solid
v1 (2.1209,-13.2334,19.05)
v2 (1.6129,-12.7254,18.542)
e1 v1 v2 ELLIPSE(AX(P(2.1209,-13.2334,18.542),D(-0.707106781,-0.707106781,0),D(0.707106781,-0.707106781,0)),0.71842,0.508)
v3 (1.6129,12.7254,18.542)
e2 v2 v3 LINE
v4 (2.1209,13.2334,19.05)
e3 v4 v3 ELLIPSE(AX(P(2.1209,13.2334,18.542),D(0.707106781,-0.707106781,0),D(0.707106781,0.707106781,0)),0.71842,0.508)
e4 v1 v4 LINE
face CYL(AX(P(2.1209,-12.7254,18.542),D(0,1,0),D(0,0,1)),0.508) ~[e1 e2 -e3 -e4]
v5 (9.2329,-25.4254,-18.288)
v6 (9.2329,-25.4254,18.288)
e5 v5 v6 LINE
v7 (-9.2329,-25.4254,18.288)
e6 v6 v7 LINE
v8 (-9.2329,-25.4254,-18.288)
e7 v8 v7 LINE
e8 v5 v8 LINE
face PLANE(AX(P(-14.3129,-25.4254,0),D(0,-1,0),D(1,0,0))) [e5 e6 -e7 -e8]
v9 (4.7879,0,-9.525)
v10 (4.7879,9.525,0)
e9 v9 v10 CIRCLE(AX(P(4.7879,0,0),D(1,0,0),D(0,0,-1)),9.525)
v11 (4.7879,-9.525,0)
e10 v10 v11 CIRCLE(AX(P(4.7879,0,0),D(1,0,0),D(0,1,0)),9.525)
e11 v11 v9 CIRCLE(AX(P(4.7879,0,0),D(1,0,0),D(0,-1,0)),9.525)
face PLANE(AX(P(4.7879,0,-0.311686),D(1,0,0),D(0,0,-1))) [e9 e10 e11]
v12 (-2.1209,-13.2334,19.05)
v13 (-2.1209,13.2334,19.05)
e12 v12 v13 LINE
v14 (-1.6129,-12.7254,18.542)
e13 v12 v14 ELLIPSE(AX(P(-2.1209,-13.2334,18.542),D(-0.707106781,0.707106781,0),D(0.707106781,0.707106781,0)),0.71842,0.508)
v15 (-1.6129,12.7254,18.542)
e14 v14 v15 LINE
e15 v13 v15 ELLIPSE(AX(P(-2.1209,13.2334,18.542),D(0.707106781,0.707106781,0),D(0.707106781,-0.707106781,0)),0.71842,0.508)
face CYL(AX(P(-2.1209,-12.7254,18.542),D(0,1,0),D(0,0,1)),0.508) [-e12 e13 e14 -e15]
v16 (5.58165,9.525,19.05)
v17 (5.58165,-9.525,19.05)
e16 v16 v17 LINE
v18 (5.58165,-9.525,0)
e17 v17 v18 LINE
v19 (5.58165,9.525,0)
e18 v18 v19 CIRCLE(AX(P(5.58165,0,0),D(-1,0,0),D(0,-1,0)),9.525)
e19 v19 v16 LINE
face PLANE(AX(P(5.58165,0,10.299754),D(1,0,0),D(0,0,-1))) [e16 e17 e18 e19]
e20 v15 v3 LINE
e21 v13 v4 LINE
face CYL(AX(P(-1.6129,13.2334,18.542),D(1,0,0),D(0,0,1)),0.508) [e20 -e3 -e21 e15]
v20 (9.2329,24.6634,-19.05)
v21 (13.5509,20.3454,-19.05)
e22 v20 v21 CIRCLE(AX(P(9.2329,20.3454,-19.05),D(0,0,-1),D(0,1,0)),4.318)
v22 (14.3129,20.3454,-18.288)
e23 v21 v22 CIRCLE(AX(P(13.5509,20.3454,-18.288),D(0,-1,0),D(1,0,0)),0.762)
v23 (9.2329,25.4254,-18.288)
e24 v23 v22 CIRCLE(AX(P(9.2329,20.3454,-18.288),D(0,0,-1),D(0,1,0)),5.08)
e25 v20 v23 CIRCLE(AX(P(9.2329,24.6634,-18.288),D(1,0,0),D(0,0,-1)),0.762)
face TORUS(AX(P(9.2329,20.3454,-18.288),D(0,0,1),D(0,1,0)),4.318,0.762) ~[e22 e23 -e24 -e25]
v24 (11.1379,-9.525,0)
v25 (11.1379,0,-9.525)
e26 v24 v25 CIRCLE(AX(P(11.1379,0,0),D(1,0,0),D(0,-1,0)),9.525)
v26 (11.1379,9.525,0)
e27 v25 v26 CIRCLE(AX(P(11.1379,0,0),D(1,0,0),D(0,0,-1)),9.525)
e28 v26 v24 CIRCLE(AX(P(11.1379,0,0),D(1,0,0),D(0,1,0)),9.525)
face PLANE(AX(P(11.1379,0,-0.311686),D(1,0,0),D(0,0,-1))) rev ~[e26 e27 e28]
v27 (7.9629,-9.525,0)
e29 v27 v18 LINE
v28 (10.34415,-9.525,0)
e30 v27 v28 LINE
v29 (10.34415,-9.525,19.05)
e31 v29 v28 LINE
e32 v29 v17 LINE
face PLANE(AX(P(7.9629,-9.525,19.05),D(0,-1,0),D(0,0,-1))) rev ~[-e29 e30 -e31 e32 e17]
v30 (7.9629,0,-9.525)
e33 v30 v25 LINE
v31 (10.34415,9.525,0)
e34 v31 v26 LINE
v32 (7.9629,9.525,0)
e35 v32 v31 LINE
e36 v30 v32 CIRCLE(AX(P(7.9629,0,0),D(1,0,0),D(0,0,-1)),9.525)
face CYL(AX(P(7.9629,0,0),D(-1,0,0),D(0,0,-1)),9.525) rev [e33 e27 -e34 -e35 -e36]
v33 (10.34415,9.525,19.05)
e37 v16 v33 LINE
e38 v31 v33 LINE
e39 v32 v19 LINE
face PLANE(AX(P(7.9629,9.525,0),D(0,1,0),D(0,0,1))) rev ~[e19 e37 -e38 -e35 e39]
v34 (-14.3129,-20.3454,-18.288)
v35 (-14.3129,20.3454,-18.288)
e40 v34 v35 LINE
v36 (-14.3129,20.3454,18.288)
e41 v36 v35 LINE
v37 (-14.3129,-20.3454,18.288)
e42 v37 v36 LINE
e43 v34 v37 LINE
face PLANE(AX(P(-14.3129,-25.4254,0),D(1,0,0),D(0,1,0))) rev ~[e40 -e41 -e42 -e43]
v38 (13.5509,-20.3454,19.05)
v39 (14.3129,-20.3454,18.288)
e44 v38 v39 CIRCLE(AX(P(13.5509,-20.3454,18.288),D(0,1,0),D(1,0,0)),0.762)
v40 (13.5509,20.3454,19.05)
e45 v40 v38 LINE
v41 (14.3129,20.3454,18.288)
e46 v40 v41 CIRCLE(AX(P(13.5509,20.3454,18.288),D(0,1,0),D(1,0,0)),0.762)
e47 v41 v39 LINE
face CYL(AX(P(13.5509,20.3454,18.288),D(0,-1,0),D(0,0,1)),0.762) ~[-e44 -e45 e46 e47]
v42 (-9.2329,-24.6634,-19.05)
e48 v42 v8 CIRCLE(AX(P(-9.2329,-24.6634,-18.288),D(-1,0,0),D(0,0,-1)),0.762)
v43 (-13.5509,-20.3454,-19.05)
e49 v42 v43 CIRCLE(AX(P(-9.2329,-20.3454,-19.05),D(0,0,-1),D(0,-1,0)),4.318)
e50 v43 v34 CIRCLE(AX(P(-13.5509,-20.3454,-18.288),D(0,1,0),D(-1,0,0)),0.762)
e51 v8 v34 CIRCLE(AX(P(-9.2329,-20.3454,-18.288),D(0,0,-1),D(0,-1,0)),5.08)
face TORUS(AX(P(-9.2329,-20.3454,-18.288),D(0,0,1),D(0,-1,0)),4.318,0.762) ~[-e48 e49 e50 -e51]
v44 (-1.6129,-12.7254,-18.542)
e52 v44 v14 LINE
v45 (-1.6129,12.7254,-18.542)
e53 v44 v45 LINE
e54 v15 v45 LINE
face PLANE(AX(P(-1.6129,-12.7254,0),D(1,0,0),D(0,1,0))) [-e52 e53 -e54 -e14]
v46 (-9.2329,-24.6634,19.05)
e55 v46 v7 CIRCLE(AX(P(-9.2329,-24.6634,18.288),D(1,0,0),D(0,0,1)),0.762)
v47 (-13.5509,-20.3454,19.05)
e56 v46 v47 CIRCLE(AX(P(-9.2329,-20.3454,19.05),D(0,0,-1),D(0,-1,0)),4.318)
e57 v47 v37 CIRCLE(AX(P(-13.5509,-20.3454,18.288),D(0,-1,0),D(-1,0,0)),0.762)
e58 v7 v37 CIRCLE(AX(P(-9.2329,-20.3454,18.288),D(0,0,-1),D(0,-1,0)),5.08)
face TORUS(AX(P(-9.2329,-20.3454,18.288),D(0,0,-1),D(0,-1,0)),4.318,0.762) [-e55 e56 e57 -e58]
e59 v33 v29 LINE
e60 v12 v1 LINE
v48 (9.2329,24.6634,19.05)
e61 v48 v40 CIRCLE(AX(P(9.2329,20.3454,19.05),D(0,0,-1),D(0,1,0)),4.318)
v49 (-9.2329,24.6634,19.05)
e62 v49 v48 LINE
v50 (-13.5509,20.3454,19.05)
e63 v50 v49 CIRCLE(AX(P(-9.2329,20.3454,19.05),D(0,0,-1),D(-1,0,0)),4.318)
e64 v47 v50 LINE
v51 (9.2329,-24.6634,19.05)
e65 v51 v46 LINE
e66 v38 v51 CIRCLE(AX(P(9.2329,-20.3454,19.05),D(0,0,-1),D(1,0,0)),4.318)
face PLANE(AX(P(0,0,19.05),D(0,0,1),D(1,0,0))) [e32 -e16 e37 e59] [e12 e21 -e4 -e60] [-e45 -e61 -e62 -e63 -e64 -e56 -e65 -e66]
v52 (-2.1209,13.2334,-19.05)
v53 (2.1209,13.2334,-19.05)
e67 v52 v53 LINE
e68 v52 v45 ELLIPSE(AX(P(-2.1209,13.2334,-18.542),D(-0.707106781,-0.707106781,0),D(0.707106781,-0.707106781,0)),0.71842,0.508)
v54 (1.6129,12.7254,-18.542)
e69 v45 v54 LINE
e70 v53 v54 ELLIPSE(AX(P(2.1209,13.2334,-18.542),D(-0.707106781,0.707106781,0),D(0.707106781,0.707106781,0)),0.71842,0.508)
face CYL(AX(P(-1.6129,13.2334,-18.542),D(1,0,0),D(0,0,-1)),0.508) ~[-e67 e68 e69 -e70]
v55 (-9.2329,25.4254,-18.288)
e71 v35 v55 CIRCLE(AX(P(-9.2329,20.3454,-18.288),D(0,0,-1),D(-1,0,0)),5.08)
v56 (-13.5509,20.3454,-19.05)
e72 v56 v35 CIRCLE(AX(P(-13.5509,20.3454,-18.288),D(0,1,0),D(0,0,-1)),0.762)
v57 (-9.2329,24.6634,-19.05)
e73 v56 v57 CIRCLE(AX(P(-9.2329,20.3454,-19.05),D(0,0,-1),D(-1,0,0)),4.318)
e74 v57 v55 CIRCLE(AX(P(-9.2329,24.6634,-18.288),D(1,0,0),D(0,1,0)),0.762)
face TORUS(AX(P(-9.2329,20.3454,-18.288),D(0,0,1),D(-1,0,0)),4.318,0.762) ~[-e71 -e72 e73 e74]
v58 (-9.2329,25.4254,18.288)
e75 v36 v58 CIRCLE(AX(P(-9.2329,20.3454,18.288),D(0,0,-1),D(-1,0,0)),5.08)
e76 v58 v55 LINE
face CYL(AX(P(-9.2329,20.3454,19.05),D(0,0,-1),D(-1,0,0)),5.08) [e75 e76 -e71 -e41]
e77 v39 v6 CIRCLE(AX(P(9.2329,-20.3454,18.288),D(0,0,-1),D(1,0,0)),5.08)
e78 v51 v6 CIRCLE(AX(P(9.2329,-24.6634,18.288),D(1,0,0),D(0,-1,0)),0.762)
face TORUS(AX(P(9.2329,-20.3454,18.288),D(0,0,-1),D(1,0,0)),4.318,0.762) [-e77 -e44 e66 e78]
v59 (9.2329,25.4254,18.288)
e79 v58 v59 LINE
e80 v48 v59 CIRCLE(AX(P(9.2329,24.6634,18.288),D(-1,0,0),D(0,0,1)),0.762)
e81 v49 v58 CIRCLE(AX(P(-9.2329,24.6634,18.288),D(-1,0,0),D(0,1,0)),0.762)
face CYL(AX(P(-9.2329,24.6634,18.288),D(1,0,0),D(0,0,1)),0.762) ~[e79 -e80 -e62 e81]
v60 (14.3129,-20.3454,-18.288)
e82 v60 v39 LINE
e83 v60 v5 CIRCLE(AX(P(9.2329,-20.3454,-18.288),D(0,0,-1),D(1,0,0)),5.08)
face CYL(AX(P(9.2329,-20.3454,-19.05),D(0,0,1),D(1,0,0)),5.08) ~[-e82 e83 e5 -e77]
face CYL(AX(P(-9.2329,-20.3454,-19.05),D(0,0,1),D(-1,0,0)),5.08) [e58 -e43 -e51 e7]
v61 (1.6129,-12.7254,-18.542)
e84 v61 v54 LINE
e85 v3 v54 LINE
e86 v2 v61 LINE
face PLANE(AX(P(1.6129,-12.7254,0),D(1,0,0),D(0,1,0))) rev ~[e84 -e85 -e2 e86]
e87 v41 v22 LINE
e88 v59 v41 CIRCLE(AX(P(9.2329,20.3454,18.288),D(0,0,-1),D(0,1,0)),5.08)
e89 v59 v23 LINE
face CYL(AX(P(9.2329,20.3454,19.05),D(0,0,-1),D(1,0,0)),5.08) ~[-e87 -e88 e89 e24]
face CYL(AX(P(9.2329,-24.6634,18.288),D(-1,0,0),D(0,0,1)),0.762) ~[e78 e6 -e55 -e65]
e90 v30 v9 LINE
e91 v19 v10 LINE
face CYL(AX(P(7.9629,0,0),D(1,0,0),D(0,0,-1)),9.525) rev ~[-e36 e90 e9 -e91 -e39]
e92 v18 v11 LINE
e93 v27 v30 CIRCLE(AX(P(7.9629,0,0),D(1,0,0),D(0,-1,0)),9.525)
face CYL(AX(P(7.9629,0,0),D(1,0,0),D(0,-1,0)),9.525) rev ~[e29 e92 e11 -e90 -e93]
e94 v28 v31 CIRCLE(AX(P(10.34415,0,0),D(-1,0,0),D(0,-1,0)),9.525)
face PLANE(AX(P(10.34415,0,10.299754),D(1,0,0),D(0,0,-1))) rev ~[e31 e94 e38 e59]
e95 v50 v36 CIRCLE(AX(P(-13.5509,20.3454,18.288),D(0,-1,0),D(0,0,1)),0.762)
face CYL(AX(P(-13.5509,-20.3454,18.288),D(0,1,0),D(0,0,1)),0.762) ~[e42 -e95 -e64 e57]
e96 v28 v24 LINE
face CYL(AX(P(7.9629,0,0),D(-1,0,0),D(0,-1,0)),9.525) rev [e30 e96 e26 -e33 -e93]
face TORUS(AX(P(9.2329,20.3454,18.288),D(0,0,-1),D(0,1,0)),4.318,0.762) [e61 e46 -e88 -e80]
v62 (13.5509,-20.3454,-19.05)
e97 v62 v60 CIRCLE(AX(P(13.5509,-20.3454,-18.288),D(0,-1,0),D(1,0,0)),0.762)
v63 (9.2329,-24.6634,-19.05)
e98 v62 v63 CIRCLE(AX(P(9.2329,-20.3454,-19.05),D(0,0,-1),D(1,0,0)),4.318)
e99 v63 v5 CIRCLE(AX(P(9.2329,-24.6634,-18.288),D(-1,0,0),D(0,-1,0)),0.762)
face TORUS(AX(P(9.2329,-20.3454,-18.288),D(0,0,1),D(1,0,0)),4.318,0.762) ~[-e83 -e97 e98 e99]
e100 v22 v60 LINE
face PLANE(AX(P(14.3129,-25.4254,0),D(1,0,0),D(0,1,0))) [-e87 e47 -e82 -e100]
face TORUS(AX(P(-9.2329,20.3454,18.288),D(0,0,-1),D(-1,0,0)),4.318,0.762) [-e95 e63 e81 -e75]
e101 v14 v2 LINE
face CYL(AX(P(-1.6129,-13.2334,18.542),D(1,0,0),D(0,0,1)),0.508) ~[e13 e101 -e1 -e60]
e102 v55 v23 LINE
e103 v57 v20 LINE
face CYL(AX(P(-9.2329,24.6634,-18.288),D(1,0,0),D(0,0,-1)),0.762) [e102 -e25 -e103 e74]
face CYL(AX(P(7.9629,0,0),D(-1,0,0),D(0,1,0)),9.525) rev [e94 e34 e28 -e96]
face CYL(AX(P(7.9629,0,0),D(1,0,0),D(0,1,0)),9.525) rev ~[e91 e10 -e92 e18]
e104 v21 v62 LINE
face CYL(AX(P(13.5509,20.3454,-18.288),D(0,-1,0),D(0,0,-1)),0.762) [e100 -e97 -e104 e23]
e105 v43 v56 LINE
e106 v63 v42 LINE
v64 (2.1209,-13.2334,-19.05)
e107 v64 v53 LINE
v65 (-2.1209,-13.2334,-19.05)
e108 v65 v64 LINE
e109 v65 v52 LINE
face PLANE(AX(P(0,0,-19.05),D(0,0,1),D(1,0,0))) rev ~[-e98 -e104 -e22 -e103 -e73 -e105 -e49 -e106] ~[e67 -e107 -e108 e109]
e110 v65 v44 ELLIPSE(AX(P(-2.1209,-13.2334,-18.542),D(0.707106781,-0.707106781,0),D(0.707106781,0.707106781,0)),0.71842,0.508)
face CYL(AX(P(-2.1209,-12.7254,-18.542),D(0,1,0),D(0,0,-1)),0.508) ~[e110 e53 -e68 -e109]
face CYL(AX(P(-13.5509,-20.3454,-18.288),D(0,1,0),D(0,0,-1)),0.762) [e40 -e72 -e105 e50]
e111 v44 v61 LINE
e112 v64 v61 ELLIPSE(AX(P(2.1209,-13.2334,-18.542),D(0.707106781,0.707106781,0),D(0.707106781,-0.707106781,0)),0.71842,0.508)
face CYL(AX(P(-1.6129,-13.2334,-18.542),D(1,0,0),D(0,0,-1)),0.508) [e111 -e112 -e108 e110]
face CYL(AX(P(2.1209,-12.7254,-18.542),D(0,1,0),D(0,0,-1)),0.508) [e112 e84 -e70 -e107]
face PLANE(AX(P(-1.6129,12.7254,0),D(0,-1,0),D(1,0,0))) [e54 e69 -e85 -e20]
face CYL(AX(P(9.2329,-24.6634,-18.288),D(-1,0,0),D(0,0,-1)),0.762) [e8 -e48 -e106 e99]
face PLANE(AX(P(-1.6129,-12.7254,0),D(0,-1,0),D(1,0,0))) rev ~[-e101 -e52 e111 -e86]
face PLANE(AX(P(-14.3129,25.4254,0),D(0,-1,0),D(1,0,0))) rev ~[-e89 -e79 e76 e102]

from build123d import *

# Parameters (mm, degrees)
SKETCH1_W           = 28.6258
SKETCH1_H           = 50.8508
SKETCH1_W_2         = 3.2258
SKETCH1_H_2         = 25.4508
BOSS_EXTRUDE1_DEPTH = 19.05
FILLET1_R           = 5.08
FILLET3_R           = 0.762
FILLET4_R           = 0.508
CUT_EXTRUDE1_DEPTH  = 3.175
CUT_EXTRUDE2_DEPTH  = 2.38125


with BuildPart() as part:
    # Sketch1 → Boss-Extrude1 (new, symmetric)
    with BuildSketch(Plane.XY):
        Rectangle(SKETCH1_W, SKETCH1_H)
        Rectangle(SKETCH1_W_2, SKETCH1_H_2, mode=Mode.SUBTRACT)
    extrude(amount=BOSS_EXTRUDE1_DEPTH, both=True)

    # Fillet1
    fillet1_edges = [part.edges().sort_by_distance(p)[0] for p in [
        (-14.3129, -25.4254, 0),
        (14.3129, -25.4254, 0),
        (-14.3129, 25.4254, 0),
        (14.3129, 25.4254, 0),
    ]]
    fillet(fillet1_edges, radius=FILLET1_R)

    # Fillet3
    fillet3_edges = [part.edges().sort_by_distance(p)[0] for p in [
        (12.825002448, -23.937502448, 19.05),
        (0, -25.4254, 19.05),
        (-12.825002448, -23.937502448, 19.05),
        (-14.3129, 0, 19.05),
        (-12.825002448, 23.937502448, 19.05),
        (0, 25.4254, 19.05),
        (12.825002448, 23.937502448, 19.05),
        (12.825002448, -23.937502448, -19.05),
        (0, -25.4254, -19.05),
        (-12.825002448, -23.937502448, -19.05),
        (-14.3129, 0, -19.05),
        (-12.825002448, 23.937502448, -19.05),
        (0, 25.4254, -19.05),
        (12.825002448, 23.937502448, -19.05),
        (14.3129, 0, 19.05),
        (14.3129, 0, -19.05),
    ]]
    fillet(fillet3_edges, radius=FILLET3_R)

    # Fillet4
    fillet4_edges = [part.edges().sort_by_distance(p)[0] for p in [
        (0, 12.7254, 19.05),
        (-1.6129, 0, 19.05),
        (0, -12.7254, 19.05),
        (1.6129, 0, 19.05),
        (0, -12.7254, -19.05),
        (1.6129, 0, -19.05),
        (0, 12.7254, -19.05),
        (-1.6129, 0, -19.05),
    ]]
    fillet(fillet4_edges, radius=FILLET4_R)

    # Sketch2 → Cut-Extrude1 (cut, symmetric)
    with BuildSketch(Plane(origin=(7.9629, 0, 0), x_dir=(0, 0, -1), z_dir=(1, 0, 0))):
        with BuildLine():
            ThreePointArc((9.525, 0), (6.735192091, 6.735192091), (0, 9.525))
            ThreePointArc((0, 9.525), (-9.525, 0), (0, -9.525))
            ThreePointArc((0, -9.525), (6.735192091, -6.735192091), (9.525, 0))
        make_face()
    extrude(amount=CUT_EXTRUDE1_DEPTH, both=True, mode=Mode.SUBTRACT)

    # Sketch2<3> → Cut-Extrude2 (cut, symmetric)
    with BuildSketch(Plane(origin=(7.9629, 0, 0), x_dir=(0, 0, -1), z_dir=(1, 0, 0))):
        with BuildLine():
            ThreePointArc((0, -9.525), (-9.525, 0), (0, 9.525))
            Line((0, 9.525), (-19.05, 9.525))
            Line((-19.05, 9.525), (-19.05, -9.525))
            Line((-19.05, -9.525), (0, -9.525))
        make_face()
    extrude(amount=CUT_EXTRUDE2_DEPTH, both=True, mode=Mode.SUBTRACT)


solid = part.part
